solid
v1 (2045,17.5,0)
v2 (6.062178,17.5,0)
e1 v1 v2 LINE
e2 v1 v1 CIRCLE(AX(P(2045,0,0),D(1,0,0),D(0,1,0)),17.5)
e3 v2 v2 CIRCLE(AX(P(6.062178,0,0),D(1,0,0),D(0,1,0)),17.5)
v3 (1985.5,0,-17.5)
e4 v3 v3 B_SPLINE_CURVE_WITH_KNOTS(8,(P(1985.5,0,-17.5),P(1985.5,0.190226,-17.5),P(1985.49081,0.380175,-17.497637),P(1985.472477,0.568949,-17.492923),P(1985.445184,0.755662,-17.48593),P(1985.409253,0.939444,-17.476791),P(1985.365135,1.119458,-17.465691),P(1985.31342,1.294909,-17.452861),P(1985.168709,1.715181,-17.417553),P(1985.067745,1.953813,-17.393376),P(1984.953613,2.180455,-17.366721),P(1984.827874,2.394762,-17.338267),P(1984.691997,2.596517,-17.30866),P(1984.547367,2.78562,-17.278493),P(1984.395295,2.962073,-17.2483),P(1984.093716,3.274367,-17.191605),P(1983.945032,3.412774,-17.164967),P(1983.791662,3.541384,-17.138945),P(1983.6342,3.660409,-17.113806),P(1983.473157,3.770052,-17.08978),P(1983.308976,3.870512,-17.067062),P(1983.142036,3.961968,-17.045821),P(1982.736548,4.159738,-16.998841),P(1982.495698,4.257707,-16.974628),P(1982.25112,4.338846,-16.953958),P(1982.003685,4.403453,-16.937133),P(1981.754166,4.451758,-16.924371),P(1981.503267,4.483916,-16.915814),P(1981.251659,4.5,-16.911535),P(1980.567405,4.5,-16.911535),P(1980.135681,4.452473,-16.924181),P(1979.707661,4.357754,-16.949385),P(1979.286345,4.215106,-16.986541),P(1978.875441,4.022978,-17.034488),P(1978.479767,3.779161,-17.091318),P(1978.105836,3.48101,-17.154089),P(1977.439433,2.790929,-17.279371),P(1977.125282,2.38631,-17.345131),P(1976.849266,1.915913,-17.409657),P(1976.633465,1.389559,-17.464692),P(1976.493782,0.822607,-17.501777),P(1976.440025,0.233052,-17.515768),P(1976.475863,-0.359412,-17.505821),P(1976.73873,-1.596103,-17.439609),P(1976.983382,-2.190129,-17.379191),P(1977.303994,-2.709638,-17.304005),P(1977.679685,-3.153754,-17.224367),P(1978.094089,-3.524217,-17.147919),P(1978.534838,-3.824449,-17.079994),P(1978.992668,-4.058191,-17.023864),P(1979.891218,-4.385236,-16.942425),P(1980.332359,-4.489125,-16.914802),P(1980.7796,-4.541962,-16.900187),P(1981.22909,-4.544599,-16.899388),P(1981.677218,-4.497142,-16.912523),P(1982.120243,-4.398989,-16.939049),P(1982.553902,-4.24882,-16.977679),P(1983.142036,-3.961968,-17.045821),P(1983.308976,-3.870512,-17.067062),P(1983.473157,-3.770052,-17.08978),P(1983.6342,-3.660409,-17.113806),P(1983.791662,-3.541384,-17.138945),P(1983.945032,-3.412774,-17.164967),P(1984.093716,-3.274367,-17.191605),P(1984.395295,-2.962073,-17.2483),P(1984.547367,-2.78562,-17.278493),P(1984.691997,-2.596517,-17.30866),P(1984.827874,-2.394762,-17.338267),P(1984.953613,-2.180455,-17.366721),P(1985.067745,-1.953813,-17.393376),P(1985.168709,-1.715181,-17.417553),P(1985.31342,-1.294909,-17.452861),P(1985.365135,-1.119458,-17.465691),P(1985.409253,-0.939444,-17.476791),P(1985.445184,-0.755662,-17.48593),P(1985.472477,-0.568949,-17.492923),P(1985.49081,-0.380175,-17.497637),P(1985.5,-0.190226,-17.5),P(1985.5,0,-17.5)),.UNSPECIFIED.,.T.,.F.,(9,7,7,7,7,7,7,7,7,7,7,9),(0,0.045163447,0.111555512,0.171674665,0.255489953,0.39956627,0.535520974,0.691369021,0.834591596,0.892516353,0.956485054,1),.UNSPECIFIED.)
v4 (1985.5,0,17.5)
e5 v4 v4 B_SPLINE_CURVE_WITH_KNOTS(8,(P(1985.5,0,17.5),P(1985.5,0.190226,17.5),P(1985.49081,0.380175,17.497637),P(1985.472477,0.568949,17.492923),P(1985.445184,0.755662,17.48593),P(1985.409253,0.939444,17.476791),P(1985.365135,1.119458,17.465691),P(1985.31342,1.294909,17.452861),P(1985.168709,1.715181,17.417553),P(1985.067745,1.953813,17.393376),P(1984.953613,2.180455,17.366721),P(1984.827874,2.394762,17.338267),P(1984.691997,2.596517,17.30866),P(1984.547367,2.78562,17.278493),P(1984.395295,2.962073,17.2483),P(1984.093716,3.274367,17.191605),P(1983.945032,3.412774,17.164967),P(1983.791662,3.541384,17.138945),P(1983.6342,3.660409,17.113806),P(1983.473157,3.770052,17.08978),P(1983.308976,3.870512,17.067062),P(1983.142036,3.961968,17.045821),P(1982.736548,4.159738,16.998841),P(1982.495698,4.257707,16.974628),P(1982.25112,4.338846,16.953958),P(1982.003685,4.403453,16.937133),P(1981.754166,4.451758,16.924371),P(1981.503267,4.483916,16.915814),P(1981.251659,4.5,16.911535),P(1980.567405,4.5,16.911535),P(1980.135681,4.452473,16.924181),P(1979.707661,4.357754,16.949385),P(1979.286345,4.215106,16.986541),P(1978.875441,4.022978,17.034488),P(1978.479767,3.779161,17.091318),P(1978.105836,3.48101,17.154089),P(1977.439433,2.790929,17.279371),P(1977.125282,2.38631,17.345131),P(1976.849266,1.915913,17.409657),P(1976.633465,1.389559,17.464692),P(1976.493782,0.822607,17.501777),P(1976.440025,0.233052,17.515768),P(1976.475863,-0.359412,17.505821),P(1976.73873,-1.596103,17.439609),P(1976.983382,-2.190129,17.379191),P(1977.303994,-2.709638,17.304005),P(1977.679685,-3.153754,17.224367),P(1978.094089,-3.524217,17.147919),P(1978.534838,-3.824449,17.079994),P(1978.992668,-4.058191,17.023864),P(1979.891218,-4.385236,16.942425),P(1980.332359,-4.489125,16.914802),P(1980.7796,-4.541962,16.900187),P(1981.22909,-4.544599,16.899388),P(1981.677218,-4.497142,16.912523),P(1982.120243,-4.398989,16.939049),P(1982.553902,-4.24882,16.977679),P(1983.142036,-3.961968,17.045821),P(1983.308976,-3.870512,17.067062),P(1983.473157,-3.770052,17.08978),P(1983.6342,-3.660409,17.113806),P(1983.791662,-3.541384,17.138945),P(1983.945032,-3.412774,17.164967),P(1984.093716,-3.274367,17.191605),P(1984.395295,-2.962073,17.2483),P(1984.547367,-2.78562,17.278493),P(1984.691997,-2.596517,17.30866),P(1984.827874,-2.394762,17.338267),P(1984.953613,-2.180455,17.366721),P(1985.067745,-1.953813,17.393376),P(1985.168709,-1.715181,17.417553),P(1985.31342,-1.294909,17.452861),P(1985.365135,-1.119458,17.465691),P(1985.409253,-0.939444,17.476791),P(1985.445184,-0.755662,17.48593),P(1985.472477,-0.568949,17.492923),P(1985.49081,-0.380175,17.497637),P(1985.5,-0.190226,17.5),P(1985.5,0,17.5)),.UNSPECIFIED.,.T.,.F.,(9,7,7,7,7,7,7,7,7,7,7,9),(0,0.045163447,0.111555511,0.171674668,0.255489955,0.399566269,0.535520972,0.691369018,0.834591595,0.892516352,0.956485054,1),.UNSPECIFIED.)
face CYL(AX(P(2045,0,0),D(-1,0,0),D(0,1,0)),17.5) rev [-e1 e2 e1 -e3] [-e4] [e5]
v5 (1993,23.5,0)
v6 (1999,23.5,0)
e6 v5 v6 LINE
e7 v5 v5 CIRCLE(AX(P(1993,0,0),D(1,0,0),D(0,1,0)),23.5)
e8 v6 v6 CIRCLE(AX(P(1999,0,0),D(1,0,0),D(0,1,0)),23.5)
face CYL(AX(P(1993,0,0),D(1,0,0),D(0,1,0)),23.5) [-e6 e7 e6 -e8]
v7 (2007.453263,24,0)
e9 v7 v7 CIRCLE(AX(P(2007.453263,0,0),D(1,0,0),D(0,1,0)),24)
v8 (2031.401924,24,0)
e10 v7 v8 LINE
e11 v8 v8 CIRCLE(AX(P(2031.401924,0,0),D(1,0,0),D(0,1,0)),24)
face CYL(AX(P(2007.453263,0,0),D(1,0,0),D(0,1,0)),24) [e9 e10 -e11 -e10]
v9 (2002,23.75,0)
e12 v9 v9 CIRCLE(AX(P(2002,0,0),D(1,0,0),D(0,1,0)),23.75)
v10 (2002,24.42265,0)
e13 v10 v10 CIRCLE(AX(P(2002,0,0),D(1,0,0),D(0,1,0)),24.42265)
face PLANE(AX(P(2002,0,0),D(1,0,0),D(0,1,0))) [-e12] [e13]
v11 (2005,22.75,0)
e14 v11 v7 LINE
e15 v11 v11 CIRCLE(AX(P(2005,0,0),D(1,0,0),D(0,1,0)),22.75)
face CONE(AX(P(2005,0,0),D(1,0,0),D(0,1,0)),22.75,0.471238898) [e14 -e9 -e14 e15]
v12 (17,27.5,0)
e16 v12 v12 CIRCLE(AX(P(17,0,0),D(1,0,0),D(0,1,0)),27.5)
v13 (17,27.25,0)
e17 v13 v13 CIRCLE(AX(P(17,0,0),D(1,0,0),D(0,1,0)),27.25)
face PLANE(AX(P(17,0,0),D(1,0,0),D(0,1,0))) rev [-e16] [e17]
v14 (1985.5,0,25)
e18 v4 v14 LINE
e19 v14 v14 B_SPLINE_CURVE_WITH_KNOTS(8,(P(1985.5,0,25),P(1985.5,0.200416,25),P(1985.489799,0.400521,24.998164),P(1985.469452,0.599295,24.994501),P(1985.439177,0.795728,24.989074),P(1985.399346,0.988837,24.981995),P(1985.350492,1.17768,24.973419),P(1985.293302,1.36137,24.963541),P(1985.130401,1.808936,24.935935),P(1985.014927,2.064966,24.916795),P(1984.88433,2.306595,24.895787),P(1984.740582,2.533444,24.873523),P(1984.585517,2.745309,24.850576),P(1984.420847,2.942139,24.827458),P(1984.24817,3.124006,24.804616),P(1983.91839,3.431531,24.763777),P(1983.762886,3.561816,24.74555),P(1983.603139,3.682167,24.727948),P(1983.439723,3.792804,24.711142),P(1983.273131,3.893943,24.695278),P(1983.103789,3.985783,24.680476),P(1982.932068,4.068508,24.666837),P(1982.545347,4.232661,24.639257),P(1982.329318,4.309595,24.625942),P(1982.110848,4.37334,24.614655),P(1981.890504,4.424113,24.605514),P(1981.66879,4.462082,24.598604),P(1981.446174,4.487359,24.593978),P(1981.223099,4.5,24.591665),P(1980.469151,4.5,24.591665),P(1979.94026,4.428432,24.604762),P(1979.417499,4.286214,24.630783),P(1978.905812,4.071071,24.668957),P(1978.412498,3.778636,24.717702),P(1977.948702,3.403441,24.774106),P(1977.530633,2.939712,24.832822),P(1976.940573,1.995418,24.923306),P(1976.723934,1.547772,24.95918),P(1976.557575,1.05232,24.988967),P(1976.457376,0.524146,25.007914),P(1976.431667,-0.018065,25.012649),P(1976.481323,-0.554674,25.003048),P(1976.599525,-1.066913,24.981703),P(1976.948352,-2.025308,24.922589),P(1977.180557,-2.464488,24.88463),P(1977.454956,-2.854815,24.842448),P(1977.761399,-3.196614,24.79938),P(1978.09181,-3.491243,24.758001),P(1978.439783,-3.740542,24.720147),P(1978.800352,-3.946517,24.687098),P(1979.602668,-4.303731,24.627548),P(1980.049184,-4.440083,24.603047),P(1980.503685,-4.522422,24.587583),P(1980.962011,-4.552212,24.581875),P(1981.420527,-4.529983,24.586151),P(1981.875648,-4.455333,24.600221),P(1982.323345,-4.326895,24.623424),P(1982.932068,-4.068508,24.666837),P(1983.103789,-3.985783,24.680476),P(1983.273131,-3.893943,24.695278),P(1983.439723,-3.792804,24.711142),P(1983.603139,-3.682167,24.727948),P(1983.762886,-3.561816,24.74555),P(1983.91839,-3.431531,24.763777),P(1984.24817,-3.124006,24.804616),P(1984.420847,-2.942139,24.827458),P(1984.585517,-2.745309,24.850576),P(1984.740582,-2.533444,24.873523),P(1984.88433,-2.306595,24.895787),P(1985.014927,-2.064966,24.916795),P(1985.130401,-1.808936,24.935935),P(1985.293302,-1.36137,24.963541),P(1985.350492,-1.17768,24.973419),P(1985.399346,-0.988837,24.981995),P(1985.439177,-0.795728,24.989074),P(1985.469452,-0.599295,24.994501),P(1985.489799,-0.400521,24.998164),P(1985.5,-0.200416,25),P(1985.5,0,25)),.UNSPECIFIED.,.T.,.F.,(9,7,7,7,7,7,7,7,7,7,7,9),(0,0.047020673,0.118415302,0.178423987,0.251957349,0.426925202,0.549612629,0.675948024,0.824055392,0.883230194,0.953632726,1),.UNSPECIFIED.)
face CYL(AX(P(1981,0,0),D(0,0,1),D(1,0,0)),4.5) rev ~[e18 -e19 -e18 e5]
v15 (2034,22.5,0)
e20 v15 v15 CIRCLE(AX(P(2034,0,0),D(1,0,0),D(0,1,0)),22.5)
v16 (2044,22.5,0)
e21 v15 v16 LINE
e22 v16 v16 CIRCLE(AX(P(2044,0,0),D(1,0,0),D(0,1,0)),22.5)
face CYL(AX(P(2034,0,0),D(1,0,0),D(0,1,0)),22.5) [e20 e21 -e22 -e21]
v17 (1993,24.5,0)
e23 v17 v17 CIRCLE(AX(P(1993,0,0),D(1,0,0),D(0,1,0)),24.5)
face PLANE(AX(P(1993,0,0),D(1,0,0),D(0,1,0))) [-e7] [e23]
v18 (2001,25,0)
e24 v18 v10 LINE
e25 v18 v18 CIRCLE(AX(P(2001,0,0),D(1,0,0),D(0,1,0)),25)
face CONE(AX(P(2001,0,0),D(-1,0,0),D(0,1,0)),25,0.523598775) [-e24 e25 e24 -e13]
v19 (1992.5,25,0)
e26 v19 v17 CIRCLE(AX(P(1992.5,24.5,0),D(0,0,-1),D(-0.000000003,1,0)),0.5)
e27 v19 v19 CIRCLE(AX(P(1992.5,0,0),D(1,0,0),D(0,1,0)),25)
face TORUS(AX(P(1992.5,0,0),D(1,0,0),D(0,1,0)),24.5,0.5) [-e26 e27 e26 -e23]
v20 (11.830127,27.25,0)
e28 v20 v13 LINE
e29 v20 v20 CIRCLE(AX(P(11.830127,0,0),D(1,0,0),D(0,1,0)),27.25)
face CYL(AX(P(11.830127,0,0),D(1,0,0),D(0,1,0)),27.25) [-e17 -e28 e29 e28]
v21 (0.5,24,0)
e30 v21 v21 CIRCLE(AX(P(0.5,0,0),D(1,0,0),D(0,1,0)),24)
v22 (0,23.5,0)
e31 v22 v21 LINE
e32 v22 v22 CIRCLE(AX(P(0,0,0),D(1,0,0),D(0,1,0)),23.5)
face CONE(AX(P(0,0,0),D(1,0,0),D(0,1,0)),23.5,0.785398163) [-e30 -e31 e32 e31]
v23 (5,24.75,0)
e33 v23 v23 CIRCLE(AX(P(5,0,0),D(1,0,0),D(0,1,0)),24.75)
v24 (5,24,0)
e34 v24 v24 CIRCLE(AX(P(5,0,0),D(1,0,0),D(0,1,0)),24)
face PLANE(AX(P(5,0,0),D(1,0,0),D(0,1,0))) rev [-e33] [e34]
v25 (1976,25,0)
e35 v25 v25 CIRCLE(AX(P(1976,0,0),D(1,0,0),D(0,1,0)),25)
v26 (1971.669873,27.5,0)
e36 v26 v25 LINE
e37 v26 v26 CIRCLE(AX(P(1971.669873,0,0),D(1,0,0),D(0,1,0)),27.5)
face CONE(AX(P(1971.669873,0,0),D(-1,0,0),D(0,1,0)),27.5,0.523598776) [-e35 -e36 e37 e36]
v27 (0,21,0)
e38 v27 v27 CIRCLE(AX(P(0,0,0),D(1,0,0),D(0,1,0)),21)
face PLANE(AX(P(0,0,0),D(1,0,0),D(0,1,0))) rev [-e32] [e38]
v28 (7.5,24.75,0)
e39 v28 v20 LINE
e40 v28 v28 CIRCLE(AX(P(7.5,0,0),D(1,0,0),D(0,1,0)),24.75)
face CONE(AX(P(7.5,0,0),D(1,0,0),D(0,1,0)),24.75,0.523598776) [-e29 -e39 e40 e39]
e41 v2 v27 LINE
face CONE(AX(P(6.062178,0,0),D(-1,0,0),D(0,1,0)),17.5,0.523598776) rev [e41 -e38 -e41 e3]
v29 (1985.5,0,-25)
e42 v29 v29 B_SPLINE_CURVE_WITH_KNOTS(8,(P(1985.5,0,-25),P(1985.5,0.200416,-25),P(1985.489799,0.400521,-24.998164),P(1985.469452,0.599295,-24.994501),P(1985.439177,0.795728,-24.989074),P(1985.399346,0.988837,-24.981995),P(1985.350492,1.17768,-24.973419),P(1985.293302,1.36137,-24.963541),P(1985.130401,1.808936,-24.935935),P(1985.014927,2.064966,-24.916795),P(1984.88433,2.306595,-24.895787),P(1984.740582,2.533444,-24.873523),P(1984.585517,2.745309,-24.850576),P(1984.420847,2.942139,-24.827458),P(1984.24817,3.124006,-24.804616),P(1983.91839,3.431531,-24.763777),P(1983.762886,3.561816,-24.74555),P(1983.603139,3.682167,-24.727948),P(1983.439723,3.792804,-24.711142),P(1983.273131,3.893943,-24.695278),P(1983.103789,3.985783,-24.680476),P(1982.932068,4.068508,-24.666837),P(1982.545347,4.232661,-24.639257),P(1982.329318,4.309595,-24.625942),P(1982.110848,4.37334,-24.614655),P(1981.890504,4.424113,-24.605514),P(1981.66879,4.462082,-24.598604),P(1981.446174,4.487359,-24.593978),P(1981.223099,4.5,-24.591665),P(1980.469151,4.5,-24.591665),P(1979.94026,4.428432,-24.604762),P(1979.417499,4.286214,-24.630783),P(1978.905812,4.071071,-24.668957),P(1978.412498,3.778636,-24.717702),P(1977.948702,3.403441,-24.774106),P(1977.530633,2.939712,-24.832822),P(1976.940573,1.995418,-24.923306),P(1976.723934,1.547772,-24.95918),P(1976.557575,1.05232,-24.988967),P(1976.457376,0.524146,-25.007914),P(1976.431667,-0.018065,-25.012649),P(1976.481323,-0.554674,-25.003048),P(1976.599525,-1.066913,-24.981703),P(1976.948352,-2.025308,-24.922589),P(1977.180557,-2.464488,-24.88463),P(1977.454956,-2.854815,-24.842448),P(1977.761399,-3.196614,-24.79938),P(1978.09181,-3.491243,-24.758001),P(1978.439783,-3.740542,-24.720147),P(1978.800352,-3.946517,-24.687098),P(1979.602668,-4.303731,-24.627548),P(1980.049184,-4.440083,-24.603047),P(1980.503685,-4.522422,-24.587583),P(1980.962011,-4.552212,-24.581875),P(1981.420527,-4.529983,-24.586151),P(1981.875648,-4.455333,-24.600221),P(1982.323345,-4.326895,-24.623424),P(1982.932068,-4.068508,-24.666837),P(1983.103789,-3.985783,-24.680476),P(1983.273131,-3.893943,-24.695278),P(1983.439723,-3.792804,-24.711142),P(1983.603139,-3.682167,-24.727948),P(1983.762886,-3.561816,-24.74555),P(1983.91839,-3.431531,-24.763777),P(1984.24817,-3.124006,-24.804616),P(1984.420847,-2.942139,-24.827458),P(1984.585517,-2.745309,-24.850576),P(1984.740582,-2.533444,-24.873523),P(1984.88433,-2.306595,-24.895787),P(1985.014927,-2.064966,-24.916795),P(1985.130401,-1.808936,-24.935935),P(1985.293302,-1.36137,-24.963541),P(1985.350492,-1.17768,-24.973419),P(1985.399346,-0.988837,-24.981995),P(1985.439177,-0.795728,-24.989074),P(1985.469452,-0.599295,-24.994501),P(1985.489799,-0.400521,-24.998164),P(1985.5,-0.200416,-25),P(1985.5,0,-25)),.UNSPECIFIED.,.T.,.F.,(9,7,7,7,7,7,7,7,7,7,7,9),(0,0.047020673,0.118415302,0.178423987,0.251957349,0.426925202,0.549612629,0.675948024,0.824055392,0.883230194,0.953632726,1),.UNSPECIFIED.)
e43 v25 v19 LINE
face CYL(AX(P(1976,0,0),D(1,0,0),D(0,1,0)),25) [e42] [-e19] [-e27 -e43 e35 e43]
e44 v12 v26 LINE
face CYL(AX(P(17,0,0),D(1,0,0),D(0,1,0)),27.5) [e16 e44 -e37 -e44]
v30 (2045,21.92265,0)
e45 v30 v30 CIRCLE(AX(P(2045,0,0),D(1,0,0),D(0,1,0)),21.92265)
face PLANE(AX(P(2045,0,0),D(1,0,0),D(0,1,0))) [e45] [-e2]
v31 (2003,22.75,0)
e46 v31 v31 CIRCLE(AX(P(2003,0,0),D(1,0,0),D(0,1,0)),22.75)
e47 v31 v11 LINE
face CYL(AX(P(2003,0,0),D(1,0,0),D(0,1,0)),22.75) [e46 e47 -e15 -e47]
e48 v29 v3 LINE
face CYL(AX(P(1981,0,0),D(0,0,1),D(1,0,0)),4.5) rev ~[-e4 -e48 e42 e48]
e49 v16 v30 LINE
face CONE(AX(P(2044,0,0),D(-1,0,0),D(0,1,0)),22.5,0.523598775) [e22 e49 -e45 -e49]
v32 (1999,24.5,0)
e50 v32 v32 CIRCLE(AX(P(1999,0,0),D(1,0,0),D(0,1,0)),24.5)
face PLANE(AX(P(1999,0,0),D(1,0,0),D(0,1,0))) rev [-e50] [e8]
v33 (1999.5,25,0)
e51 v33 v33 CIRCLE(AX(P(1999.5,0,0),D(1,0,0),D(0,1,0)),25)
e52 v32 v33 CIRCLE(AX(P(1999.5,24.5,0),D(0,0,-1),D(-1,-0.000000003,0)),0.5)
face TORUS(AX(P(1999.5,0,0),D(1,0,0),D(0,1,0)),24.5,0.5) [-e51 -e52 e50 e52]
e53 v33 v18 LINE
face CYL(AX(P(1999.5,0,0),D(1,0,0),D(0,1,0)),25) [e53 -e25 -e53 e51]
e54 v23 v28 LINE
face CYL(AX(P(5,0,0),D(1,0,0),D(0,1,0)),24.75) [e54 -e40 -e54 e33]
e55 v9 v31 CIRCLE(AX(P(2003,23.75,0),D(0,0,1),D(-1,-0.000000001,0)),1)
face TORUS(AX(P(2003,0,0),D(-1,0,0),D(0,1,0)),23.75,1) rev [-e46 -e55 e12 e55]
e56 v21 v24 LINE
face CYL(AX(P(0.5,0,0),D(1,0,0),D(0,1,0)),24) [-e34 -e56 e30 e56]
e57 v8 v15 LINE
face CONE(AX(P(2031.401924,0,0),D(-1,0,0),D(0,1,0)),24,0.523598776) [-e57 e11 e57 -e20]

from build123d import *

# Parameters (mm, degrees)
SKETCH2_R                  = 4.5
F_9_GENNEMG_ENDE_HUL_DEPTH = 50


with BuildPart() as part:
    # Sketch1 → Base-Revolve (revolve)
    with BuildSketch(Plane.XY):
        with BuildLine():
            Line((0, 21), (0, 23.5))
            Line((0, 23.5), (0.5, 24))
            Line((0.5, 24), (5, 24))
            Line((5, 24), (5, 24.75))
            Line((5, 24.75), (7.5, 24.75))
            Line((7.5, 24.75), (11.830127019, 27.25))
            Line((11.830127019, 27.25), (17, 27.25))
            Line((17, 27.25), (17, 27.5))
            Line((17, 27.5), (1971.669872981, 27.5))
            Line((1971.669872981, 27.5), (1976, 25))
            Line((1976, 25), (1992.5, 25))
            ThreePointArc((1992.5, 25), (1992.853553391, 24.853553391), (1993, 24.5))
            Line((1993, 24.5), (1993, 23.5))
            Line((1993, 23.5), (1999, 23.5))
            Line((1999, 23.5), (1999, 24.5))
            ThreePointArc((1999, 24.5), (1999.146446609, 24.853553391), (1999.5, 25))
            Line((1999.5, 25), (2001, 25))
            Line((2001, 25), (2002, 24.422649731))
            Line((2002, 24.422649731), (2002, 23.75))
            ThreePointArc((2002, 23.75), (2002.292893219, 23.042893219), (2003, 22.75))
            Line((2003, 22.75), (2005, 22.75))
            Line((2005, 22.75), (2007.453263132, 24))
            Line((2007.453263132, 24), (2031.401923789, 24))
            Line((2031.401923789, 24), (2034, 22.5))
            Line((2034, 22.5), (2044, 22.5))
            Line((2044, 22.5), (2045, 21.922649731))
            Line((2045, 21.922649731), (2045, 17.5))
            Line((2045, 17.5), (6.062177826, 17.5))
            Line((6.062177826, 17.5), (0, 21))
        make_face()
    revolve(axis=Axis((0, 0, 0), (1, 0, 0)))

    # Sketch2 → ø9 gennemgående hul (cut, symmetric)
    with BuildSketch(Plane.XY):
        with Locations((1981, 0)):
            Circle(SKETCH2_R)
    extrude(amount=F_9_GENNEMG_ENDE_HUL_DEPTH, both=True, mode=Mode.SUBTRACT)


solid = part.part
